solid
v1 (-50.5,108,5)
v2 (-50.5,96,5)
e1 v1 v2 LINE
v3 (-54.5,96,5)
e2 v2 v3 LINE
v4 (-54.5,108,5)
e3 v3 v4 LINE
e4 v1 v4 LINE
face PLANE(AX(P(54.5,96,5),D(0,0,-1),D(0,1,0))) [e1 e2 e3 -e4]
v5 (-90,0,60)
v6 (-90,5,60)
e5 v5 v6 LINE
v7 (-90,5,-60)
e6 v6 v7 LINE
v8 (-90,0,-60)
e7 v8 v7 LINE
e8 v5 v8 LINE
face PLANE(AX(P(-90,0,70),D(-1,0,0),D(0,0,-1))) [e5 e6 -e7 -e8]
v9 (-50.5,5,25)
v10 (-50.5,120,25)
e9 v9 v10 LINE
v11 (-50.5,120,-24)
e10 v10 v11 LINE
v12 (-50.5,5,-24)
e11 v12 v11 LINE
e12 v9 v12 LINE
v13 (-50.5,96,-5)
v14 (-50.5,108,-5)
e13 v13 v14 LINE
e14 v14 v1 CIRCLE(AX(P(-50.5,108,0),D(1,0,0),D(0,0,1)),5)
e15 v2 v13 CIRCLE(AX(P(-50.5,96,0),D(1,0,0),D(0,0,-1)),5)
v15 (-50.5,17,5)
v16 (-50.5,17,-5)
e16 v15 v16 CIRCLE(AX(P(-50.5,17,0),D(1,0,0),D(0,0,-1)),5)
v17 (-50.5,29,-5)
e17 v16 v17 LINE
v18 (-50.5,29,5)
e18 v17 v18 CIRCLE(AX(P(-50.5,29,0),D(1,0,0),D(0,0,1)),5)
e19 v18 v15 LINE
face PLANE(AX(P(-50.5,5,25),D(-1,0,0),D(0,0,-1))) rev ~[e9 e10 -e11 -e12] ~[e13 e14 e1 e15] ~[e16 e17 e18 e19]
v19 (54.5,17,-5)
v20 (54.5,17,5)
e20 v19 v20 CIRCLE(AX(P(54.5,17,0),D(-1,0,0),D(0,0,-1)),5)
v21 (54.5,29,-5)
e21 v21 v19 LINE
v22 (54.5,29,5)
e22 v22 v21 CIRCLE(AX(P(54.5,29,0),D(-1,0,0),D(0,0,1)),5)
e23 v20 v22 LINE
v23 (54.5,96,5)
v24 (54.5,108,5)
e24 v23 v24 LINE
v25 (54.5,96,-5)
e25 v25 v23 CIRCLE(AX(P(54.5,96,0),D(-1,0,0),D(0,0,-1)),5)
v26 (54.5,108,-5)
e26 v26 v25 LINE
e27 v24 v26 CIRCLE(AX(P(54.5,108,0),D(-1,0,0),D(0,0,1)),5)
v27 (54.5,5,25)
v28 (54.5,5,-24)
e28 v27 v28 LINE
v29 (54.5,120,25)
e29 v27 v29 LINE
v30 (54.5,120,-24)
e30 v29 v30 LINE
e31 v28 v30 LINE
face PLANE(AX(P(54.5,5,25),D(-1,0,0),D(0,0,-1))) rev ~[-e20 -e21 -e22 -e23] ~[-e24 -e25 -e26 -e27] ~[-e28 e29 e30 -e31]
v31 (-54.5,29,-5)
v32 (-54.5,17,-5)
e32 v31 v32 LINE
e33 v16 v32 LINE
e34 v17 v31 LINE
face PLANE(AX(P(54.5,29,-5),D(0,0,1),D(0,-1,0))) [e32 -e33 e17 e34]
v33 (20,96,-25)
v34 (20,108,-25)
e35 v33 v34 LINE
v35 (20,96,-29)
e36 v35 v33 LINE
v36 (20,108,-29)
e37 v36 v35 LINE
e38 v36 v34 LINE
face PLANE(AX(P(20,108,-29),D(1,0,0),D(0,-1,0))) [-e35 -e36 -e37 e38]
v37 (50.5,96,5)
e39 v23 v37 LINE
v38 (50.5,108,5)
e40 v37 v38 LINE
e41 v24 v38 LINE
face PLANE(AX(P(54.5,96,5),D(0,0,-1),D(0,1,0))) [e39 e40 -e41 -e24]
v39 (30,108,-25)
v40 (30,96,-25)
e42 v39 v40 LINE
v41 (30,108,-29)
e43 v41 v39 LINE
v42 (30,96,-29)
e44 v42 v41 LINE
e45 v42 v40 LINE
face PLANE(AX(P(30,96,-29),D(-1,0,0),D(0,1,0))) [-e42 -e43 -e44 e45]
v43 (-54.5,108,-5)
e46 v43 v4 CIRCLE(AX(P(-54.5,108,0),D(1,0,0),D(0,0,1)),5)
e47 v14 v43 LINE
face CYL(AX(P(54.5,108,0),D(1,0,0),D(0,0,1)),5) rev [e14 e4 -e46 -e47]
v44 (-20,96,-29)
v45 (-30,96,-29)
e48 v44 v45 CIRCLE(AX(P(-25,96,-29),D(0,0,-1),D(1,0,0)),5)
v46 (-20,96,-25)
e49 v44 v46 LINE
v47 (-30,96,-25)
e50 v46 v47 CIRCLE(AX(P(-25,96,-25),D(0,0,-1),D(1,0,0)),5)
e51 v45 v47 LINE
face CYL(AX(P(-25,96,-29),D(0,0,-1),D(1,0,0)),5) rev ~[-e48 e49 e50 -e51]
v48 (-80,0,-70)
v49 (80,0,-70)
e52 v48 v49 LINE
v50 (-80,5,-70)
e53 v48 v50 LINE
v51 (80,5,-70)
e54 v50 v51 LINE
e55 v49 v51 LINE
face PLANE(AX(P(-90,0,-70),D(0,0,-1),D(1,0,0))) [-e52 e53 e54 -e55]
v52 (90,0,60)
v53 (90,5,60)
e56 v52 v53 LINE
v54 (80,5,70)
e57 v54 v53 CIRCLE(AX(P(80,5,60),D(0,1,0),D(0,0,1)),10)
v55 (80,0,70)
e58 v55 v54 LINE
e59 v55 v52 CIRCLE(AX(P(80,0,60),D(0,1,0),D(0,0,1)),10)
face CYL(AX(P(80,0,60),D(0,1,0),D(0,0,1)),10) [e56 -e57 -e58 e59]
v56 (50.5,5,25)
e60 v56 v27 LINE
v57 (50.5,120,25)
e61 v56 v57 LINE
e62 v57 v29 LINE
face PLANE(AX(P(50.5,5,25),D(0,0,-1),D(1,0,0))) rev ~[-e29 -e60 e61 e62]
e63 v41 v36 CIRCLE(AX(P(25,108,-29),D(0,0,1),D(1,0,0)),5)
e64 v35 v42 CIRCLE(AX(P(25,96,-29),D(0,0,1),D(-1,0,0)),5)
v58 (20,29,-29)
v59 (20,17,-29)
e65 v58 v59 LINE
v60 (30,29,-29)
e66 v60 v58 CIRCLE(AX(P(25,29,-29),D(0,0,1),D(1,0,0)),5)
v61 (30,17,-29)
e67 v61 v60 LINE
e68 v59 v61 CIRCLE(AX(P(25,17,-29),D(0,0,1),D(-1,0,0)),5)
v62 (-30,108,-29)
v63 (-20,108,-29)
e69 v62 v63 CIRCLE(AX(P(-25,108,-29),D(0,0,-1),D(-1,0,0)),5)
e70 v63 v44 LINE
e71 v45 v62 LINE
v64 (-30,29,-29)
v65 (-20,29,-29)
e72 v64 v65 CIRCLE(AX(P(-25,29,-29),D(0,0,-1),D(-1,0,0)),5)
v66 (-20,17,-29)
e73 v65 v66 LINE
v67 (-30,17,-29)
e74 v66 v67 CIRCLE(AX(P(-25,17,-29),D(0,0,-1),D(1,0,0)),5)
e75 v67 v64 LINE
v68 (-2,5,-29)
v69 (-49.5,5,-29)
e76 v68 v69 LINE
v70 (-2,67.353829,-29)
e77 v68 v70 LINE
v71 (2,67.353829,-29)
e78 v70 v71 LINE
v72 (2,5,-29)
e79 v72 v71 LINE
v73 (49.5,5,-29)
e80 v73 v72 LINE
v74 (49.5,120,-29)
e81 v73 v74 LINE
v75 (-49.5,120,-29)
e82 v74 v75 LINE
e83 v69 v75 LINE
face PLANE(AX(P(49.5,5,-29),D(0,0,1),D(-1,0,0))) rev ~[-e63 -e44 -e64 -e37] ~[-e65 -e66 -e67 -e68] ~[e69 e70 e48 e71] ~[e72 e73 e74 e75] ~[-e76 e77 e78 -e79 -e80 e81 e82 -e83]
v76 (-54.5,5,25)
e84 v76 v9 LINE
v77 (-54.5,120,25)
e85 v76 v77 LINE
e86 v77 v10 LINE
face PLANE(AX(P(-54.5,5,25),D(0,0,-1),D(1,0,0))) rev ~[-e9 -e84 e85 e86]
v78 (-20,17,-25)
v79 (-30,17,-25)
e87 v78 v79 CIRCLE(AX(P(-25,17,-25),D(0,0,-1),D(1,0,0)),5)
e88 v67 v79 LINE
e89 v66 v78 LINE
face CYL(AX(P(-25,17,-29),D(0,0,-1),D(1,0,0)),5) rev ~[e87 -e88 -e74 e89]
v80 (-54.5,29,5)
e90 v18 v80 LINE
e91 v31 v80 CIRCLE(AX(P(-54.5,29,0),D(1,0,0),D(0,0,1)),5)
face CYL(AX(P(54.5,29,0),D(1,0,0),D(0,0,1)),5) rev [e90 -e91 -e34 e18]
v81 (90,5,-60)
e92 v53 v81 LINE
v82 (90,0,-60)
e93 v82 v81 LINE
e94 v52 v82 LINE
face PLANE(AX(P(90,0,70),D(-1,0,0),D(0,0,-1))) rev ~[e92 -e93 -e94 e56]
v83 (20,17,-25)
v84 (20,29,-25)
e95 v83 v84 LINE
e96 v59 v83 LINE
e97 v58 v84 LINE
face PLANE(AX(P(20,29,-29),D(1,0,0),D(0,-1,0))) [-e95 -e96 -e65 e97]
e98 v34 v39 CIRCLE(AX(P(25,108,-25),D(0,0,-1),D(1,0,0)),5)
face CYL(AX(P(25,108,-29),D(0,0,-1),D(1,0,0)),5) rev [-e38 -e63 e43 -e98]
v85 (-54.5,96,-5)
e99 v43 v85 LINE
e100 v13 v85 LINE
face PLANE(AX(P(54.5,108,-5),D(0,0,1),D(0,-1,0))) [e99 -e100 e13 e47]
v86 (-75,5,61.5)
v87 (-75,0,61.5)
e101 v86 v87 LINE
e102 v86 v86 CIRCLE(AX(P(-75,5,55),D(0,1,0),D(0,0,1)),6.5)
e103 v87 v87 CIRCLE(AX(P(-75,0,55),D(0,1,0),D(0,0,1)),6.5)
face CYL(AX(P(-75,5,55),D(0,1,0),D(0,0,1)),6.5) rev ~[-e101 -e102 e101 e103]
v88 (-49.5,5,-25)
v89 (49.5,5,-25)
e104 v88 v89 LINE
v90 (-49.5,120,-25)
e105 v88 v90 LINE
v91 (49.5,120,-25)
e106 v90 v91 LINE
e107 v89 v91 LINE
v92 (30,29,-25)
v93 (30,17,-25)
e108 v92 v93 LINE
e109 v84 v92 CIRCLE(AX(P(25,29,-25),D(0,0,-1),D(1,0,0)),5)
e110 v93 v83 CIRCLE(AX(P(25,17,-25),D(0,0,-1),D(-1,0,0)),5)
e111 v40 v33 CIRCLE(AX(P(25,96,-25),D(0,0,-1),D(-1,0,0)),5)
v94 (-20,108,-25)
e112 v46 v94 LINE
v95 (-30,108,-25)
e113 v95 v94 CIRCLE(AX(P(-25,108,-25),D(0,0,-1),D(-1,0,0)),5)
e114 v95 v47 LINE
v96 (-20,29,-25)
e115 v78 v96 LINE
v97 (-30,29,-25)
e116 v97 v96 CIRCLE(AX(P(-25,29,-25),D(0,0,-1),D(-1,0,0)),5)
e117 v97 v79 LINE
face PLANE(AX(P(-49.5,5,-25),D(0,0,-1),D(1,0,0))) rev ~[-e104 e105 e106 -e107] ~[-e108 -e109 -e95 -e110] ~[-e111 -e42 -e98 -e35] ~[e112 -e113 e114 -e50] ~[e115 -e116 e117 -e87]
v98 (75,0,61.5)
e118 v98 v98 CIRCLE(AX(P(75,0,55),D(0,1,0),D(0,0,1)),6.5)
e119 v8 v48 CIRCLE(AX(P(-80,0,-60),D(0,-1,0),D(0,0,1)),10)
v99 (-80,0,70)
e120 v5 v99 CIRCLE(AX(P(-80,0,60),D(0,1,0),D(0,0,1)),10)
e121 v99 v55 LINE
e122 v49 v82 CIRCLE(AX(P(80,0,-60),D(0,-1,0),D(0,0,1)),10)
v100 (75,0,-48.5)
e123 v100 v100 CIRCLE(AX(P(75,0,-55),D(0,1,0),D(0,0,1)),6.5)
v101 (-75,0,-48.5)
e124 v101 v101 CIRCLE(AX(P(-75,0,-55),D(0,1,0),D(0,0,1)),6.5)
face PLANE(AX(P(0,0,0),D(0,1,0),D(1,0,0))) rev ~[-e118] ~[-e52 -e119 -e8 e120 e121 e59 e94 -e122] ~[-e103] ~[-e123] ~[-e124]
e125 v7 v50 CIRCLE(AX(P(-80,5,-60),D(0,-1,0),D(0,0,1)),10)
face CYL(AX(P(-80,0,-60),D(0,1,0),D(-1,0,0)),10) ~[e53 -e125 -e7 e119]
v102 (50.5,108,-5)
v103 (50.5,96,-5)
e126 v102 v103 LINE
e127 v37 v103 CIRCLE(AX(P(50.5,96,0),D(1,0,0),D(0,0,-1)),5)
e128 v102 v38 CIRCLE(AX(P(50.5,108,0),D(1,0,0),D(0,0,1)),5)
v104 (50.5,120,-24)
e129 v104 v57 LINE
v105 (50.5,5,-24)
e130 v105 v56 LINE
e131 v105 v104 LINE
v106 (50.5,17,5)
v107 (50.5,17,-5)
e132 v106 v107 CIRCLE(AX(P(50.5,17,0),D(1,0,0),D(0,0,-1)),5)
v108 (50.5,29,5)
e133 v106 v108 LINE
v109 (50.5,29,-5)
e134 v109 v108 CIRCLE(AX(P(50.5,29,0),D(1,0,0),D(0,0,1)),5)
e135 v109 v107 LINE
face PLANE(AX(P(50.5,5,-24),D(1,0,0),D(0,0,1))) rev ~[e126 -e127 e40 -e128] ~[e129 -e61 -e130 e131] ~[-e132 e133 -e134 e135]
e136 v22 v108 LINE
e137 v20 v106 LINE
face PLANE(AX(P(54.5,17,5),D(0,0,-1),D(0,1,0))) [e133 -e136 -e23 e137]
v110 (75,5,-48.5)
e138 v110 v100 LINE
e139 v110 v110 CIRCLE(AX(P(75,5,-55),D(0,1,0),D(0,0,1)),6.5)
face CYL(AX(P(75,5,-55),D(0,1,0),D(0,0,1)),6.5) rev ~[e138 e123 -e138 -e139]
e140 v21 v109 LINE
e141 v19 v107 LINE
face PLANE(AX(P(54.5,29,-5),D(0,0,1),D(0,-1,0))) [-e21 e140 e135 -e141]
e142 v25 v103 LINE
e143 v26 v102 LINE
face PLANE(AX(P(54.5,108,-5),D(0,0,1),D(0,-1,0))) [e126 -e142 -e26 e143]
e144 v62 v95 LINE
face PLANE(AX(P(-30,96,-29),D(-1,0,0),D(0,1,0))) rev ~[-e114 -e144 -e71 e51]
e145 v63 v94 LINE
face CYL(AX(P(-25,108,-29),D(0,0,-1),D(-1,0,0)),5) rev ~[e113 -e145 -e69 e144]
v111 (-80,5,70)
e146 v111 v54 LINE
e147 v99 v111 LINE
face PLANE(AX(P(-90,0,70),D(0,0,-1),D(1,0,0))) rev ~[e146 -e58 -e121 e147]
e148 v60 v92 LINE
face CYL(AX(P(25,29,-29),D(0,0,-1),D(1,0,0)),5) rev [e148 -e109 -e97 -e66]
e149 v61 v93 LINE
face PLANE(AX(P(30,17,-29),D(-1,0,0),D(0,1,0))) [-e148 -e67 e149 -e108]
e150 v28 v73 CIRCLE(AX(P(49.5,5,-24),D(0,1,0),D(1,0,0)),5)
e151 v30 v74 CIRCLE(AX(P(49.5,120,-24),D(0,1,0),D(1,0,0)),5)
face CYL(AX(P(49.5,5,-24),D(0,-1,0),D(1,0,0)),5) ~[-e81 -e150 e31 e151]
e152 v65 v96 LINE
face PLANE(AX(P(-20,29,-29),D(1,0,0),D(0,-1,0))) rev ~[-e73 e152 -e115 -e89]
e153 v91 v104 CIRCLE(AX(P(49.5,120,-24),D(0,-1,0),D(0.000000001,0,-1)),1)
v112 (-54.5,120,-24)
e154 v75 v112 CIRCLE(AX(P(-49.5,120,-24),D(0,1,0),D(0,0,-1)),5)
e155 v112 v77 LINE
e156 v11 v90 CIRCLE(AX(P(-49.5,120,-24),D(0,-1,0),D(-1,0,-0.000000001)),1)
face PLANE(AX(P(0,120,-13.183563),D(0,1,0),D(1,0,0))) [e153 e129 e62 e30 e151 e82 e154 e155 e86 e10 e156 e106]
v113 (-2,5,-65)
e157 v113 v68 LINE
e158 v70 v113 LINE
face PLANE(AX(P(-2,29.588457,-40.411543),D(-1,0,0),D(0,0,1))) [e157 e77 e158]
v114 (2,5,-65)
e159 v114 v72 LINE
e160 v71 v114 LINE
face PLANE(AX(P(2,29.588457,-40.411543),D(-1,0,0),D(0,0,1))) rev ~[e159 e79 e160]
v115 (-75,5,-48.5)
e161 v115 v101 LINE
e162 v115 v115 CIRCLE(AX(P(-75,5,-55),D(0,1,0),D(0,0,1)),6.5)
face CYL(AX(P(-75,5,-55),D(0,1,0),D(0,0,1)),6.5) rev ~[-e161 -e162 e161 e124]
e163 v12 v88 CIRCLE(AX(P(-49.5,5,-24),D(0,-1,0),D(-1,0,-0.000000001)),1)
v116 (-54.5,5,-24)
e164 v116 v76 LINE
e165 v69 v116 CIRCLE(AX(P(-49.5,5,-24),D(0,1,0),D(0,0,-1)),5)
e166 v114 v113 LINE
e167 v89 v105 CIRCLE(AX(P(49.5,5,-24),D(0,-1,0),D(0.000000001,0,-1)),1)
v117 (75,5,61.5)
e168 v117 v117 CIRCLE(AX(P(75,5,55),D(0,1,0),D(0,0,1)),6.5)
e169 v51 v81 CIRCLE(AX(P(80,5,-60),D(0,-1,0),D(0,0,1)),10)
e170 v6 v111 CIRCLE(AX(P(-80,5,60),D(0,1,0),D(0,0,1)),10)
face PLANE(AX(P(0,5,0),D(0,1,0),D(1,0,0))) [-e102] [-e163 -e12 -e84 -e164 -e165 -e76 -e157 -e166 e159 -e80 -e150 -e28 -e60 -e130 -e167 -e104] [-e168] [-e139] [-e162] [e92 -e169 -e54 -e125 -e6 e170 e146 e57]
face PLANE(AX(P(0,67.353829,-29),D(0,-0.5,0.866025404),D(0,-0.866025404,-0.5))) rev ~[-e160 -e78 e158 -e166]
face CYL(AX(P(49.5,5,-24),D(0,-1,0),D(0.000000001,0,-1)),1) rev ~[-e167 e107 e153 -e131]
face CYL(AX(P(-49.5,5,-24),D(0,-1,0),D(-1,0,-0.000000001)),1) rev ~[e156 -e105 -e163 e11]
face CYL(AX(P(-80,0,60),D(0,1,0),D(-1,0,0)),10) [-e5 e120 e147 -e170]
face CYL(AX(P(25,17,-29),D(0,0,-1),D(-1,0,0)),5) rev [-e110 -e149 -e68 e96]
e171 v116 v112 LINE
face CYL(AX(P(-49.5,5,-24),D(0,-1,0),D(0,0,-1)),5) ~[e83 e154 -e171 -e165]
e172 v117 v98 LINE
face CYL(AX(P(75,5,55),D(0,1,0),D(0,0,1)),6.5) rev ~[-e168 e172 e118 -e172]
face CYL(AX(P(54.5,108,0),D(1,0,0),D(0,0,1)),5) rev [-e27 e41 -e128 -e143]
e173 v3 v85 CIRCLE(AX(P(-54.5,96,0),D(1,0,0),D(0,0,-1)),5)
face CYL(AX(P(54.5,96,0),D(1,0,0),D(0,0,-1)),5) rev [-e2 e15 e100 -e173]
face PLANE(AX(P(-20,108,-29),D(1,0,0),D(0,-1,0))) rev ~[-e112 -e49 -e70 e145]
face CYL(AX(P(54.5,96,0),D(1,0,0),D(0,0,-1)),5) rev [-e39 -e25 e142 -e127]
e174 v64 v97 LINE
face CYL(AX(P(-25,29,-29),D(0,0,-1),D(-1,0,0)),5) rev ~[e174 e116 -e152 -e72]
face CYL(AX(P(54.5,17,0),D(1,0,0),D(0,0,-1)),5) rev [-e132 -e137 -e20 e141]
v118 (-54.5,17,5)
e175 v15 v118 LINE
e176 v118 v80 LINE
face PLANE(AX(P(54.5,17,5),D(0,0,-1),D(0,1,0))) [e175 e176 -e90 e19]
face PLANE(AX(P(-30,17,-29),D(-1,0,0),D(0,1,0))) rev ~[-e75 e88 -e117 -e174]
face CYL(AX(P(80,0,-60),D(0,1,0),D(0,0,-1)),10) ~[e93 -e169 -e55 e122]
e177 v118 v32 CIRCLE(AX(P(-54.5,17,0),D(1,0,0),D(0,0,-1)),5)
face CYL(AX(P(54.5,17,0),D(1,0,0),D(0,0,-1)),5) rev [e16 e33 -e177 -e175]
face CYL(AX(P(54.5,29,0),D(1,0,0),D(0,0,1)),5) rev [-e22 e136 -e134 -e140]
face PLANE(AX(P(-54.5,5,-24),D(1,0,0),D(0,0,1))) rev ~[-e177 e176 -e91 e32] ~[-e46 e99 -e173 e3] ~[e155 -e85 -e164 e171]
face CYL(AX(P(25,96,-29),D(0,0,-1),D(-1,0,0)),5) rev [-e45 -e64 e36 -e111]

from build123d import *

# Parameters (mm, degrees)
SKETCH_2_W          = 180
SKETCH_2_H          = 140
EXTRUDE_1_DEPTH     = 5
EXTRUDE_1_2_DEPTH   = 115
EXTRUDE_2_DEPTH     = 2
CUT_EXTRUDE_1_DEPTH = 145.5
SKETCH_6_R          = 6.5
CUT_EXTRUDE_2_DEPTH = 6
FILLET_1_R          = 10
CUT_EXTRUDE_3_REACH = 101


with BuildPart() as part:
    # Эскиз2 → Extrude 1 (new body)
    with BuildSketch(Plane(origin=(0, 0, 0), x_dir=(1, 0, 0), z_dir=(0, 1, 0))):
        Rectangle(SKETCH_2_W, SKETCH_2_H)
    extrude(amount=EXTRUDE_1_DEPTH)

    # Эскиз3 → Extrude 1 2 (add)
    with BuildSketch(Plane(origin=(0, 5, 0), x_dir=(1, 0, 0), z_dir=(0, 1, 0))):
        with BuildLine():
            Line((-50.5, -25), (-50.5, 24))
            ThreePointArc((-50.5, 24), (-50.207106781, 24.707106781), (-49.5, 25))
            Line((-49.5, 25), (49.5, 25))
            ThreePointArc((49.5, 25), (50.207106781, 24.707106781), (50.5, 24))
            Line((50.5, 24), (50.5, -25))
            Line((50.5, -25), (54.5, -25))
            Line((54.5, -25), (54.5, 24))
            ThreePointArc((54.5, 24), (53.035533906, 27.535533906), (49.5, 29))
            Line((49.5, 29), (-49.5, 29))
            ThreePointArc((-49.5, 29), (-53.035533906, 27.535533906), (-54.5, 24))
            Line((-54.5, 24), (-54.5, -25))
            Line((-54.5, -25), (-50.5, -25))
        make_face()
    extrude(amount=EXTRUDE_1_2_DEPTH)

    # Эскиз4 → Бобышка-Вытянуть2 (add, symmetric)
    with BuildSketch(Plane(origin=(0, 0, 0), x_dir=(0, 0, -1), z_dir=(1, 0, 0))):
        Polygon((29, 67.353829072), (65, 5), (29, 5), align=None)
    extrude(amount=EXTRUDE_2_DEPTH, both=True)

    # Эскиз5 → Вырез-Вытянуть1 (cut, through all)
    with BuildSketch(Plane(origin=(54.5, 0, 0), x_dir=(0, 0, -1), z_dir=(1, 0, 0))):
        with BuildLine():
            Line((5, 108), (5, 96))
            ThreePointArc((5, 96), (0, 91), (-5, 96))
            Line((-5, 96), (-5, 108))
            ThreePointArc((-5, 108), (0, 113), (5, 108))
        make_face()
        with BuildLine():
            Line((5, 29), (5, 17))
            ThreePointArc((5, 17), (0, 12), (-5, 17))
            Line((-5, 17), (-5, 29))
            ThreePointArc((-5, 29), (0, 34), (5, 29))
        make_face()
    extrude(amount=-CUT_EXTRUDE_1_DEPTH, mode=Mode.SUBTRACT)

    # Эскиз6 → Вырез-Вытянуть2 (cut, through all)
    with BuildSketch(Plane(origin=(0, 5, 0), x_dir=(1, 0, 0), z_dir=(0, 1, 0))):
        with Locations(Location((-75, 55, 0), (0, 0, 270))):  # turned: the seam where the file's is
            Circle(SKETCH_6_R)
        with Locations(Location((-75, -55, 0), (0, 0, 270))):  # turned: the seam where the file's is
            Circle(SKETCH_6_R)
        with Locations(Location((75, 55, 0), (0, 0, 270))):  # turned: the seam where the file's is
            Circle(SKETCH_6_R)
        with Locations(Location((75, -55, 0), (0, 0, 270))):  # turned: the seam where the file's is
            Circle(SKETCH_6_R)
    extrude(amount=-CUT_EXTRUDE_2_DEPTH, mode=Mode.SUBTRACT)

    # Скругление1
    fillet_1_edges = [part.edges().sort_by_distance(p)[0] for p in [
        (90, 2.5, 70),
        (-90, 2.5, 70),
        (-90, 2.5, -70),
        (90, 2.5, -70),
    ]]
    fillet(fillet_1_edges, radius=FILLET_1_R)

    # Эскиз8 → Вырез-Вытянуть3 (cut, up to next)
    with BuildSketch(Plane(origin=(0, 0, -29), x_dir=(-1, 0, 0), z_dir=(0, 0, -1)), mode=Mode.PRIVATE) as cut_extrude_3_sk1:
        with BuildLine():
            Line((-20, 108), (-20, 96))
            ThreePointArc((-20, 96), (-25, 91), (-30, 96))
            Line((-30, 96), (-30, 108))
            ThreePointArc((-30, 108), (-25, 113), (-20, 108))
        make_face()
    cut_extrude_3_tool1 = extrude(cut_extrude_3_sk1.sketch, amount=-CUT_EXTRUDE_3_REACH, mode=Mode.PRIVATE) & part.part
    add(cut_extrude_3_tool1.solids().sort_by_distance((25, 102, -29))[0], mode=Mode.SUBTRACT)
    # Эскиз8 → Вырез-Вытянуть3 (cut, up to next)
    with BuildSketch(Plane(origin=(0, 0, -29), x_dir=(-1, 0, 0), z_dir=(0, 0, -1)), mode=Mode.PRIVATE) as cut_extrude_3_sk2:
        with BuildLine():
            Line((-20, 29), (-20, 17))
            ThreePointArc((-20, 17), (-25, 12), (-30, 17))
            Line((-30, 17), (-30, 29))
            ThreePointArc((-30, 29), (-25, 34), (-20, 29))
        make_face()
    cut_extrude_3_tool2 = extrude(cut_extrude_3_sk2.sketch, amount=-CUT_EXTRUDE_3_REACH, mode=Mode.PRIVATE) & part.part
    add(cut_extrude_3_tool2.solids().sort_by_distance((25, 23, -29))[0], mode=Mode.SUBTRACT)
    # Эскиз8 → Вырез-Вытянуть3 (cut, up to next)
    with BuildSketch(Plane(origin=(0, 0, -29), x_dir=(-1, 0, 0), z_dir=(0, 0, -1)), mode=Mode.PRIVATE) as cut_extrude_3_sk3:
        with BuildLine():
            Line((20, 108), (20, 96))
            ThreePointArc((20, 96), (25, 91), (30, 96))
            Line((30, 96), (30, 108))
            ThreePointArc((30, 108), (25, 113), (20, 108))
        make_face()
    cut_extrude_3_tool3 = extrude(cut_extrude_3_sk3.sketch, amount=-CUT_EXTRUDE_3_REACH, mode=Mode.PRIVATE) & part.part
    add(cut_extrude_3_tool3.solids().sort_by_distance((-25, 102, -29))[0], mode=Mode.SUBTRACT)
    # Эскиз8 → Вырез-Вытянуть3 (cut, up to next)
    with BuildSketch(Plane(origin=(0, 0, -29), x_dir=(-1, 0, 0), z_dir=(0, 0, -1)), mode=Mode.PRIVATE) as cut_extrude_3_sk4:
        with BuildLine():
            Line((20, 29), (20, 17))
            ThreePointArc((20, 17), (25, 12), (30, 17))
            Line((30, 17), (30, 29))
            ThreePointArc((30, 29), (25, 34), (20, 29))
        make_face()
    cut_extrude_3_tool4 = extrude(cut_extrude_3_sk4.sketch, amount=-CUT_EXTRUDE_3_REACH, mode=Mode.PRIVATE) & part.part
    add(cut_extrude_3_tool4.solids().sort_by_distance((-25, 23, -29))[0], mode=Mode.SUBTRACT)


solid = part.part
